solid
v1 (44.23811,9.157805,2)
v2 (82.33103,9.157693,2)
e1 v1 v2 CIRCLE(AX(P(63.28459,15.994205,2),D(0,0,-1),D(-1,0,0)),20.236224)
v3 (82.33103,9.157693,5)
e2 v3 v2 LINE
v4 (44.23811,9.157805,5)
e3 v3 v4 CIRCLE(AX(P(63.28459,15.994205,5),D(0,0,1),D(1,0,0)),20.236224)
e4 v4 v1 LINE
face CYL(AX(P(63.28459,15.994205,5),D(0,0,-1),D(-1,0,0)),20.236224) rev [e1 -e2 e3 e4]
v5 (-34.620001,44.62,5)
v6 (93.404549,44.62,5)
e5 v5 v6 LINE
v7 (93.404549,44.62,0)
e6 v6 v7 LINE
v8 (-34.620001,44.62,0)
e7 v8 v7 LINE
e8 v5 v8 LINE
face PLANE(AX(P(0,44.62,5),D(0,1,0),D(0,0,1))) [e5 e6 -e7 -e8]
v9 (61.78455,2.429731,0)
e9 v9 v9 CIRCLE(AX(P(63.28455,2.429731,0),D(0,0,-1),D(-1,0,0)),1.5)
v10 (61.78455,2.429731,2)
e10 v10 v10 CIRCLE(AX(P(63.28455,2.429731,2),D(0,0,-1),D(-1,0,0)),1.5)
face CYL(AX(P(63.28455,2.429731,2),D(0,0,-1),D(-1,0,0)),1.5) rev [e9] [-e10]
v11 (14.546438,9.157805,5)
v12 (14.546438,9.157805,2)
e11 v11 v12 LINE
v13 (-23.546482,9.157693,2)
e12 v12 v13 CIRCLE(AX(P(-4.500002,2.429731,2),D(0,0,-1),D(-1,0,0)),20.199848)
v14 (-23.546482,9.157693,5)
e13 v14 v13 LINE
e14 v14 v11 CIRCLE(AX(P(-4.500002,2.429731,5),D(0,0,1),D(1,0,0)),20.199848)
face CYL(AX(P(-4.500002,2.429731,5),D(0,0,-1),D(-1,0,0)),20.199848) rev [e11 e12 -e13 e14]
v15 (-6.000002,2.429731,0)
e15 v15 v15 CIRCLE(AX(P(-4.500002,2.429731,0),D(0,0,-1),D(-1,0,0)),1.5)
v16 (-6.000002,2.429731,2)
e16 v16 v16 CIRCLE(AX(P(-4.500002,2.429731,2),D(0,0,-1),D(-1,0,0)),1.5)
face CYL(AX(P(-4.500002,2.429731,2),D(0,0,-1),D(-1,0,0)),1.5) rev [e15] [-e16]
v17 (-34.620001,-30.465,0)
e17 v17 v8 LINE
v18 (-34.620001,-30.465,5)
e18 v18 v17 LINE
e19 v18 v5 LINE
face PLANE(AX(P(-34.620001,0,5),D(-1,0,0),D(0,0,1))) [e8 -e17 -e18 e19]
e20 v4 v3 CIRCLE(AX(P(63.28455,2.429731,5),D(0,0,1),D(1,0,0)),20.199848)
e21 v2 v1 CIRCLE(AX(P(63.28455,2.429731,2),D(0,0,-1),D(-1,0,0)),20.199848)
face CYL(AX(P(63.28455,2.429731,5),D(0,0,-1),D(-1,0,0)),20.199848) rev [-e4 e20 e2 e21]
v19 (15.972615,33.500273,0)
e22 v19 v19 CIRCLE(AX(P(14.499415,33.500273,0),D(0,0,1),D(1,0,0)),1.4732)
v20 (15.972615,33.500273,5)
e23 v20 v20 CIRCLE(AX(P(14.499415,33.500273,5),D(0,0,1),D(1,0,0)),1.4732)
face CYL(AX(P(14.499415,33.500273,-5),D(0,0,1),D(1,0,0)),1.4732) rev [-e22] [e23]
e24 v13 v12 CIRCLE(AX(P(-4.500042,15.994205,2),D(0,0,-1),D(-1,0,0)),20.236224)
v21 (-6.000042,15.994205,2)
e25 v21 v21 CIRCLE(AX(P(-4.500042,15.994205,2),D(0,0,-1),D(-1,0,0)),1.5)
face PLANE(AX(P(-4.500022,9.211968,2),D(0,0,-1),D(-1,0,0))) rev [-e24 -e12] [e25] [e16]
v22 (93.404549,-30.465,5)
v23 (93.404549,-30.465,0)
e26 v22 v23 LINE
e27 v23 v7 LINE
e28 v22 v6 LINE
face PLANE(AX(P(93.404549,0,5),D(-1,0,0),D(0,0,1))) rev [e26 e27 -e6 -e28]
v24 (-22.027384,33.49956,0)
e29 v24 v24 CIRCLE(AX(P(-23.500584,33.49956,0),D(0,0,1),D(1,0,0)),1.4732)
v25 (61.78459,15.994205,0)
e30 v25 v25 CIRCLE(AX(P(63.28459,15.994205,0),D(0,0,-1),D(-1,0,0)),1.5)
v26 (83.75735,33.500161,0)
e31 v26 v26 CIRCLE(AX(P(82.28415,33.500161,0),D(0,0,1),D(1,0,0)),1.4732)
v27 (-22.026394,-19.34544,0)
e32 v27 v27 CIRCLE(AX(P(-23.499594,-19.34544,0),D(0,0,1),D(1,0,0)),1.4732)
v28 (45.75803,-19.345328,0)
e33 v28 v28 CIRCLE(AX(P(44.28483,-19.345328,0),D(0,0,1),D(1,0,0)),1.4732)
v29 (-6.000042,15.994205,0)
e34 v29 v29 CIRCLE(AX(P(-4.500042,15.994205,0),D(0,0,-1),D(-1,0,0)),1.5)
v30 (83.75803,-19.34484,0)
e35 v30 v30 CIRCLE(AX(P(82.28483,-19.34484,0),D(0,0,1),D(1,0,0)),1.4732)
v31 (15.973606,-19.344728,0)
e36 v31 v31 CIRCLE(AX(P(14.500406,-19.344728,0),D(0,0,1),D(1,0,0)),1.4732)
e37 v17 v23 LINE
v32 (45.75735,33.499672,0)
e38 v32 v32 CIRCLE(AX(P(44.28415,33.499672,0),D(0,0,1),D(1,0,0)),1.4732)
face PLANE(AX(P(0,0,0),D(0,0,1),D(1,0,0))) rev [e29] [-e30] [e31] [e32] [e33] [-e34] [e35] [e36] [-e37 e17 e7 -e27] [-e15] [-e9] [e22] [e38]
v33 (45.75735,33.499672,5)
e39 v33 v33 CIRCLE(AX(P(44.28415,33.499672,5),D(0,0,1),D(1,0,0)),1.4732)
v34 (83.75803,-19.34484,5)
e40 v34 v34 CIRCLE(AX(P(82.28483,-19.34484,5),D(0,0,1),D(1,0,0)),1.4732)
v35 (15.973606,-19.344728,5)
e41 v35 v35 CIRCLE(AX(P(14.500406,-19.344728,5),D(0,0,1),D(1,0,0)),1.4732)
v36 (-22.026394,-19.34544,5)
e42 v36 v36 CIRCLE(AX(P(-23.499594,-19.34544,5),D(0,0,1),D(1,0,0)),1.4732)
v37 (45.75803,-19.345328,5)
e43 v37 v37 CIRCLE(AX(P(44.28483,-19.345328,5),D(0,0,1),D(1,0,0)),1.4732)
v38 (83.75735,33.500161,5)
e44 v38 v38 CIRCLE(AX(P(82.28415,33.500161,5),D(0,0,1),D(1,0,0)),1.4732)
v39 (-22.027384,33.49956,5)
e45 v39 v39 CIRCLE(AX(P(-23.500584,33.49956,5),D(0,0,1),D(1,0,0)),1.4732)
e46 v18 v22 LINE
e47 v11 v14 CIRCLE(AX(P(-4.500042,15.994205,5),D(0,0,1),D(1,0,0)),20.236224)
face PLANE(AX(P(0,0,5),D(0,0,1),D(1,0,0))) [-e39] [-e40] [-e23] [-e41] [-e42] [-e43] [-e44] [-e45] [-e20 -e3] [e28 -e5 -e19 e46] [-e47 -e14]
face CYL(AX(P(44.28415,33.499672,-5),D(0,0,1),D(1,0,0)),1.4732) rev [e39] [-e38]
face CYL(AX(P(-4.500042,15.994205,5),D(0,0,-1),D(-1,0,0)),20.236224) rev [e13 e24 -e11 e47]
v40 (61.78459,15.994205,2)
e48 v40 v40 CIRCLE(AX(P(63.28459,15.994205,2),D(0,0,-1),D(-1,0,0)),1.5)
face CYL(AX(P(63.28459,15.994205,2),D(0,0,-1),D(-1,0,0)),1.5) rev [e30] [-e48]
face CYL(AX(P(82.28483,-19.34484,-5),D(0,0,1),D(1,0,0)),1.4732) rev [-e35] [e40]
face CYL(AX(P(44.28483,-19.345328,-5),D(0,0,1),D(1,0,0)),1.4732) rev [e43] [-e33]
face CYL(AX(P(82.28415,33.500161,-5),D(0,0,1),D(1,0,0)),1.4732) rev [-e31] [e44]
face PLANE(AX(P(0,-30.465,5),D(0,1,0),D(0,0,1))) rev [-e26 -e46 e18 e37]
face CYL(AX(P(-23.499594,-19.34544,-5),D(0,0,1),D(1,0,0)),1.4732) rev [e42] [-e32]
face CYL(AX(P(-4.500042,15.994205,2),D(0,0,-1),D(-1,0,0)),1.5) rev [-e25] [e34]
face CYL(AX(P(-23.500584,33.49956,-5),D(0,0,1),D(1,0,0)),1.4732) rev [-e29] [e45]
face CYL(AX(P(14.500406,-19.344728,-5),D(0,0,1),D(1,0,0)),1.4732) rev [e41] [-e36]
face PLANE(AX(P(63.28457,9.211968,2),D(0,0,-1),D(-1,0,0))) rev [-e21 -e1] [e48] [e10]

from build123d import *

# Parameters (mm, degrees)
SKETCH1_W           = 64.012274628
SKETCH1_H           = 75.085000506
BOSS_EXTRUDE1_DEPTH = 5
SKETCH7_R           = 1.4732
CUT_EXTRUDE1_DEPTH  = 10
SKETCH8_R           = 1.5
BOSS_EXTRUDE2_DEPTH = 2


with BuildPart() as part:
    # Sketch1 → Boss-Extrude1 (new body)
    # profile 1 of 2: a face of its own
    with BuildSketch(Plane.XY):
        with Locations((61.398411242, 7.077500224)):
            Rectangle(SKETCH1_W, SKETCH1_H)
        with BuildLine():
            ThreePointArc((83.484398078, 2.429730903), (59.871437613, -17.479677368), (44.238109553, 9.157805497))
            ThreePointArc((44.238109553, 9.157805497), (59.81501285, 35.930775127), (83.520814038, 15.994205484))
            ThreePointArc((83.520814038, 15.994205484), (83.22114917, 12.52456978), (82.331029644, 9.157693158))
            ThreePointArc((82.331029644, 9.157693158), (83.193968093, 5.842784333), (83.484398078, 2.429730903))
        make_face(mode=Mode.SUBTRACT)
    # profile 2 of 2: a face of its own
    with BuildSketch(Plane.XY):
        with Locations((-2.613863386, 7.077500224)):
            Rectangle(SKETCH1_W, SKETCH1_H)
        with BuildLine():
            ThreePointArc((15.69984642, 2.429730903), (-7.913055331, -17.479687433), (-23.546481788, 9.157693158))
            ThreePointArc((-23.546481788, 9.157693158), (-7.969677608, 35.930764895), (15.736182375, 15.994205484))
            ThreePointArc((15.736182375, 15.994205484), (15.436527739, 12.524628574), (14.546438303, 9.157805497))
            ThreePointArc((14.546438303, 9.157805497), (15.409406369, 5.842843047), (15.69984642, 2.429730903))
        make_face(mode=Mode.SUBTRACT)
    extrude(amount=BOSS_EXTRUDE1_DEPTH)

    # Sketch7 → Cut-Extrude1 (cut)
    with BuildSketch(Plane.XY.offset(5)):
        with Locations((-23.500584488, 33.499560055)):
            Circle(SKETCH7_R)
        with Locations((14.49941543, 33.50027263)):
            Circle(SKETCH7_R)
        with Locations((-23.49959354, -19.345440441)):
            Circle(SKETCH7_R)
        with Locations((14.500406379, -19.344727866)):
            Circle(SKETCH7_R)
        with Locations((44.284829686, -19.345328379)):
            Circle(SKETCH7_R)
        with Locations((44.284150424, 33.499672122)):
            Circle(SKETCH7_R)
        with Locations((82.284150347, 33.500160568)):
            Circle(SKETCH7_R)
        with Locations((82.284829608, -19.344839933)):
            Circle(SKETCH7_R)
    extrude(amount=-CUT_EXTRUDE1_DEPTH, mode=Mode.SUBTRACT)

    # Sketch8 → Boss-Extrude2 (add)
    # profile 1 of 2: a face of its own
    with BuildSketch(Plane(origin=(0, 0, 0), x_dir=(-1, 0, 0), z_dir=(0, 0, -1))):
        with BuildLine():
            ThreePointArc((-44.238109553, 9.157805497), (-63.284649438, 36.230429762), (-82.331029644, 9.157693158))
            ThreePointArc((-82.331029644, 9.157693158), (-63.284490186, -17.770117418), (-44.238109553, 9.157805497))
        make_face()
        with Locations((-63.284549757, 2.429730903)):
            Circle(SKETCH8_R, mode=Mode.SUBTRACT)
        with Locations((-63.28458976, 15.994205484)):
            Circle(SKETCH8_R, mode=Mode.SUBTRACT)
    # profile 2 of 2: a face of its own
    with BuildSketch(Plane(origin=(0, 0, 0), x_dir=(-1, 0, 0), z_dir=(0, 0, -1))):
        with BuildLine():
            ThreePointArc((23.546481788, 9.157693158), (4.500101582, 36.230429762), (-14.546438303, 9.157805497))
            ThreePointArc((-14.546438303, 9.157805497), (4.49994233, -17.770117418), (23.546481788, 9.157693158))
        make_face()
        with Locations((4.500041904, 15.994205484)):
            Circle(SKETCH8_R, mode=Mode.SUBTRACT)
        with Locations((4.500001901, 2.429730903)):
            Circle(SKETCH8_R, mode=Mode.SUBTRACT)
    extrude(amount=-BOSS_EXTRUDE2_DEPTH)


solid = part.part
